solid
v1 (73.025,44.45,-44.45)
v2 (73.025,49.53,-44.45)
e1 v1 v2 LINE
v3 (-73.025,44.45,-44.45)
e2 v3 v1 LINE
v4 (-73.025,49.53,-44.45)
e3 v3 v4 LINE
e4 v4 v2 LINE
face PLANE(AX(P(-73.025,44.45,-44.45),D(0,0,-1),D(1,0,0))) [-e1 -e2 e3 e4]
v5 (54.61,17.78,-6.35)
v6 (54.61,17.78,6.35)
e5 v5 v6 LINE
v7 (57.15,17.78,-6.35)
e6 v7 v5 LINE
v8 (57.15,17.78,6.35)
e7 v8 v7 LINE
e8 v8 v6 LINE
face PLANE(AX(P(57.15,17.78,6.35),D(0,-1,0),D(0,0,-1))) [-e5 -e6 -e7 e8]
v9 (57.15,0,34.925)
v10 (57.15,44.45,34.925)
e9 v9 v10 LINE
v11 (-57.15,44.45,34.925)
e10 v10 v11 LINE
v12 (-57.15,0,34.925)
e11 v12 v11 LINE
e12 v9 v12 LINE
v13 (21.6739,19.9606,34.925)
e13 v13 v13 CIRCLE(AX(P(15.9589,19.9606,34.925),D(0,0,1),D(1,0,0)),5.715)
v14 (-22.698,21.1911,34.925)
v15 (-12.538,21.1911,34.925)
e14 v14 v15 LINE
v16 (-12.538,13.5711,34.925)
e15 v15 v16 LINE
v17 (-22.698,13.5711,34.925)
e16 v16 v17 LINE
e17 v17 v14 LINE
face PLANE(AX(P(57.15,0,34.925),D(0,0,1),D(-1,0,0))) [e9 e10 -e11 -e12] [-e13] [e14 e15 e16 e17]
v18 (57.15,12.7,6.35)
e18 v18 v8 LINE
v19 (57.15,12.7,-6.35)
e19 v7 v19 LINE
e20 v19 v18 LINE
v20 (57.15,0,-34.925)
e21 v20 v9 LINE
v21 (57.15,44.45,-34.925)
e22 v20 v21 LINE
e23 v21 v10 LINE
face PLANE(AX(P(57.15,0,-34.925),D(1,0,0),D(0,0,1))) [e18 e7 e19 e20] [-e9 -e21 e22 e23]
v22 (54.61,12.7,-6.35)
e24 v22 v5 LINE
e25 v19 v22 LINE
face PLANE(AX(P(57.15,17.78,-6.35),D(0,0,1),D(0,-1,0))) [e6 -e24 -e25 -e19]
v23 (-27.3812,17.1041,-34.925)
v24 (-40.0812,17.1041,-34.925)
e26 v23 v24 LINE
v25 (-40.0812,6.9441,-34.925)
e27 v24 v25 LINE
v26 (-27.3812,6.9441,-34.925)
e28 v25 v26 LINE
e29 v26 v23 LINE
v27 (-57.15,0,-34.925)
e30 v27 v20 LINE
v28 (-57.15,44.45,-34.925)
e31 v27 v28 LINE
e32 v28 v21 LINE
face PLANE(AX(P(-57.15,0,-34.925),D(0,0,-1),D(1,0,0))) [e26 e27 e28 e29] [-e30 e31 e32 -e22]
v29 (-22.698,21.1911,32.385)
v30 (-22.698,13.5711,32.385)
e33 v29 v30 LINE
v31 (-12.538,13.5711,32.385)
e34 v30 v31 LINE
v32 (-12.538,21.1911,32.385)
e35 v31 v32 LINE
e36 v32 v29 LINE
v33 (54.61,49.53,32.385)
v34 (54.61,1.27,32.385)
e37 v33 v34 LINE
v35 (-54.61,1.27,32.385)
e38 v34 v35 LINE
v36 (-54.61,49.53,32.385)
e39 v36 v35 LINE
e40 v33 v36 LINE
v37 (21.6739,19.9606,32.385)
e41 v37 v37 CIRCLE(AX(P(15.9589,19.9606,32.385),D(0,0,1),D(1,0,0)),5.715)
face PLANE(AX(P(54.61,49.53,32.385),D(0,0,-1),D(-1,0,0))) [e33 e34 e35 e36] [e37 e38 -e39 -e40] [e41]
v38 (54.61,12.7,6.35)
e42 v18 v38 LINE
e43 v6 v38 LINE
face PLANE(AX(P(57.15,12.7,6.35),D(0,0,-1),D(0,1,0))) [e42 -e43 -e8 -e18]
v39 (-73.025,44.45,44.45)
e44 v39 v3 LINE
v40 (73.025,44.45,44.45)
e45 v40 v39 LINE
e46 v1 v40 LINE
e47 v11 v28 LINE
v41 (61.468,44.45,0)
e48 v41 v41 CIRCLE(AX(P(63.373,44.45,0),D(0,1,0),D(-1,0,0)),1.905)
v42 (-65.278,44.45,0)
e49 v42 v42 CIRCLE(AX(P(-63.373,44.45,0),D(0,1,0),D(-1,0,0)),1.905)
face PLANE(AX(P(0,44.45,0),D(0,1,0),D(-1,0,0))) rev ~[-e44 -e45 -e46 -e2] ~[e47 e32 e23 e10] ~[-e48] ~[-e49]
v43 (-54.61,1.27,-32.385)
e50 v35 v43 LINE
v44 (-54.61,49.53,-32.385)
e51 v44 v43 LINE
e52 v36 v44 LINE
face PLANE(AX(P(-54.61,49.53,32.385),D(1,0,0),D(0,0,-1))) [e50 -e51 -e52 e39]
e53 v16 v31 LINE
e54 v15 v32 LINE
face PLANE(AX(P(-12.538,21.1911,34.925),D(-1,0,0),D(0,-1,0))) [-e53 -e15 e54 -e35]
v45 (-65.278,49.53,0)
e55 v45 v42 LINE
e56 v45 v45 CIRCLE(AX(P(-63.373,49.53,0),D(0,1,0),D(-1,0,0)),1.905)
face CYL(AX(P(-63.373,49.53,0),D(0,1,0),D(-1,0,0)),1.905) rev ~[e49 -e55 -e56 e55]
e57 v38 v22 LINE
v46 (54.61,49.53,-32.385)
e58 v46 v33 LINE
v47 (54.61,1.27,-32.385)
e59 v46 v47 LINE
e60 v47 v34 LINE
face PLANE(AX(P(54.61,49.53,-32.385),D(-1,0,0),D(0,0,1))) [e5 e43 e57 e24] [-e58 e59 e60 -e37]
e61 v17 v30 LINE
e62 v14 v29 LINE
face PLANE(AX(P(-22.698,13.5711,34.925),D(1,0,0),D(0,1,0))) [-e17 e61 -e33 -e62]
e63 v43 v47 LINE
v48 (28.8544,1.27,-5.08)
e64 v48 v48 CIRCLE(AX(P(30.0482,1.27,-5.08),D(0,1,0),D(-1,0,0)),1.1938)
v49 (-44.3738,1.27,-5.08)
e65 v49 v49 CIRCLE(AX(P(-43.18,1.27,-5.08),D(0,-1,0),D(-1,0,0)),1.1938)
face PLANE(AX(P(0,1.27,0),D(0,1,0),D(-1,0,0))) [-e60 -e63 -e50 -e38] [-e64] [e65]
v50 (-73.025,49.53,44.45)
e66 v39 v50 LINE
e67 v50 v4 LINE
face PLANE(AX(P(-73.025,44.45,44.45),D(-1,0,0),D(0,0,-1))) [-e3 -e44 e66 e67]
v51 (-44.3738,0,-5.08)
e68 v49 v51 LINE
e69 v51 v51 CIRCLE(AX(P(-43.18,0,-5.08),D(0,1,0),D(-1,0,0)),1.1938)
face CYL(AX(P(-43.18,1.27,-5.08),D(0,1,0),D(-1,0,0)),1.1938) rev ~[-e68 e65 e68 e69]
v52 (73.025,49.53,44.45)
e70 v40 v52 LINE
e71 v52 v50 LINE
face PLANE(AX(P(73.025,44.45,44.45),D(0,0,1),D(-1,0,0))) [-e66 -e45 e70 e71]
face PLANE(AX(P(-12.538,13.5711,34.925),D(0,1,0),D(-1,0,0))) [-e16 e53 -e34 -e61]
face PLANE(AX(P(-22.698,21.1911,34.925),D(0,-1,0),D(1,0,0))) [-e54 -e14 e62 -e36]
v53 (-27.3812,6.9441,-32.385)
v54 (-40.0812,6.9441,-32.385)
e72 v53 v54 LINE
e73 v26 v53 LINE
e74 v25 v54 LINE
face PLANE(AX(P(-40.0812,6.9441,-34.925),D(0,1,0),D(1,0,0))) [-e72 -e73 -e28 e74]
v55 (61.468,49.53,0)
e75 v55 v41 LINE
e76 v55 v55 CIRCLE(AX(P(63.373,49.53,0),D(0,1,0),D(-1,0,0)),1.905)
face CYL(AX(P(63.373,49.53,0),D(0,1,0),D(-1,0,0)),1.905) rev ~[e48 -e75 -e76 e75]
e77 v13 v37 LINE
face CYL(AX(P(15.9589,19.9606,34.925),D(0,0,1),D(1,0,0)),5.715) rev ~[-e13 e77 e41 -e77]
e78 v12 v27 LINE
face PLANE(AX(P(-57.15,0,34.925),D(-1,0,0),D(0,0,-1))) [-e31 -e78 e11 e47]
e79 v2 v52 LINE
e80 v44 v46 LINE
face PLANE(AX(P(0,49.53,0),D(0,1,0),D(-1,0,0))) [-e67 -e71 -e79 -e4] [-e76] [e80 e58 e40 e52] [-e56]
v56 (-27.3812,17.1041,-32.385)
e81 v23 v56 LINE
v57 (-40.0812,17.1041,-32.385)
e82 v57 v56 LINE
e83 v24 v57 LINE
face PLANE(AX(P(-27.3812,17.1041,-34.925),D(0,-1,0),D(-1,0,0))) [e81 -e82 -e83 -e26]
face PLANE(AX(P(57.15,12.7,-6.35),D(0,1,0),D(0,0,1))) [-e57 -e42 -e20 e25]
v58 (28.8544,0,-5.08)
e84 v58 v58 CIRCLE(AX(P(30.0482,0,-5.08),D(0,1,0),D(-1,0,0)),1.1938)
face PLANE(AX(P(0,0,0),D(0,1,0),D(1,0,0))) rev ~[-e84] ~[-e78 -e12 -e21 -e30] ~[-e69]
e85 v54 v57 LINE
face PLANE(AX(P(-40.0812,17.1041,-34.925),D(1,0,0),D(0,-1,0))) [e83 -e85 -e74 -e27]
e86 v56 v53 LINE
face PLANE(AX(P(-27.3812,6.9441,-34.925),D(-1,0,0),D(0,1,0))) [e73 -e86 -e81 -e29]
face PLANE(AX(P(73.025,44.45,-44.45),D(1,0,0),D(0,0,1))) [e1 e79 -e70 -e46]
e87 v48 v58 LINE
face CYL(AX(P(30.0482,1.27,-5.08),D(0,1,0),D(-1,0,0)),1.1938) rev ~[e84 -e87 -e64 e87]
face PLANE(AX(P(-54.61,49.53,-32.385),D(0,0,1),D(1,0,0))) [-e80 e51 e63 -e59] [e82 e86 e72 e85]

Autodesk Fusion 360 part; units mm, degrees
sketch "Sketch1" plane through (0, 0, 0) normal (0, 1, 0) x (1, 0, 0)
  line L0 (57.15, -34.925) -> (-57.15, -34.925)
  line L1 (-57.15, -34.925) -> (-57.15, 34.925)
  line L2 (-57.15, 34.925) -> (57.15, 34.925)
  line L3 (57.15, 34.925) -> (57.15, -34.925)
  line L4 (57.15, -34.925) -> (-57.15, 34.925) construction
  line L5 (-57.15, -34.925) -> (57.15, 34.925) construction
  dimension "d1" = 114.3
  dimension "d2" = 69.85
extrude "Extrude1" add sketch "Sketch1" along normal blind 44.45
sketch "Sketch10" plane through (0, 44.45, 0) normal (0, 1, 0) x (-1, 0, 0)
  line L0 (-57.15, -34.925) -> (57.15, -34.925)
  line L1 (57.15, -34.925) -> (57.15, 34.925)
  line L2 (57.15, 34.925) -> (-57.15, 34.925)
  line L3 (-57.15, 34.925) -> (-57.15, -34.925)
  line L4 (-73.025, 44.45) -> (73.025, 44.45)
  line L5 (73.025, 44.45) -> (73.025, -44.45)
  line L6 (73.025, -44.45) -> (-73.025, -44.45)
  line L7 (-73.025, -44.45) -> (-73.025, 44.45)
  line L8 (-73.025, 44.45) -> (73.025, -44.45) construction
  line L9 (73.025, 44.45) -> (-73.025, -44.45) construction
  dimension "d55" = 146.05
  dimension "d56" = 88.9
extrude "Extrude14" add sketch "Sketch10" along normal blind 5.08 contours L0 L1 L2 L3 | L4 L5 L6 L7
sketch "Sketch11" plane through (0, 49.53, 0) normal (0, 1, 0) x (-1, 0, 0)
  line L0 (-73.025, -44.45) -> (73.025, -44.45)
  line L1 (73.025, -44.45) -> (73.025, 44.45)
  line L2 (73.025, 44.45) -> (-73.025, 44.45)
  line L3 (-73.025, 44.45) -> (-73.025, -44.45)
  line L4 (57.15, -34.925) -> (-57.15, -34.925)
  line L5 (-57.15, -34.925) -> (-57.15, 34.925)
  line L6 (-57.15, 34.925) -> (57.15, 34.925)
  line L7 (57.15, 34.925) -> (57.15, -34.925)
  line L8 (63.5, -38.1) -> (-63.5, -38.1)
  line L9 (-63.5, -38.1) -> (-63.5, 38.1)
  line L10 (-63.5, 38.1) -> (63.5, 38.1)
  line L11 (63.5, 38.1) -> (63.5, -38.1)
  line L12 (63.5, -38.1) -> (-63.5, 38.1) construction
  line L13 (-63.5, -38.1) -> (63.5, 38.1) construction
  dimension "d61" = 127
  dimension "d62" = 76.2
sketch "Sketch27" plane through (0, 49.53, 0) normal (0, 1, 0) x (-1, 0, 0)
  line L0 (-73.025, -44.45) -> (73.025, -44.45)
  line L1 (73.025, -44.45) -> (73.025, 44.45)
  line L2 (73.025, 44.45) -> (-73.025, 44.45)
  line L3 (-73.025, 44.45) -> (-73.025, -44.45)
  line L4 (57.15, -34.925) -> (-57.15, -34.925)
  line L5 (-57.15, -34.925) -> (-57.15, 34.925)
  line L6 (-57.15, 34.925) -> (57.15, 34.925)
  line L7 (57.15, 34.925) -> (57.15, -34.925)
  line L8 (-54.61, 32.385) -> (54.61, 32.385)
  line L9 (54.61, 32.385) -> (54.61, -32.385)
  line L10 (54.61, -32.385) -> (-54.61, -32.385)
  line L11 (-54.61, -32.385) -> (-54.61, 32.385)
  dimension "d89" = 2.54
extrude "Extrude22" cut sketch "Sketch27" against normal blind 48.26 contours L8 L9 L10 L11
sketch "Sketch28" plane through (0, 49.53, 0) normal (0, 1, 0) x (-1, 0, 0)
  line L0 (54.61, 32.385) -> (54.61, -32.385)
  line L1 (54.61, -32.385) -> (-54.61, -32.385)
  line L2 (-54.61, -32.385) -> (-54.61, 32.385)
  line L3 (-54.61, 32.385) -> (54.61, 32.385)
  line L4 (-73.025, -44.45) -> (73.025, -44.45)
  line L5 (73.025, -44.45) -> (73.025, 44.45)
  line L6 (73.025, 44.45) -> (-73.025, 44.45)
  line L7 (-73.025, 44.45) -> (-73.025, -44.45)
  circle A0 centre (63.373, 0) radius 1.905
  line L8 (0, 0) -> (0, 7.62)
  circle A1 centre (-63.373, 0) radius 1.905
  dimension "d92" = 3.81
  dimension "d93" = 9.652
extrude "Extrude23" cut sketch "Sketch28" against normal blind 38.1 contours A0 | A1
sketch "Sketch29" plane through (0, 0, 34.925) normal (0, 0, 1) x (1, 0, 0)
  line L0 (-57.15, 0) -> (57.15, 0)
  line L1 (57.15, 0) -> (57.15, 44.45)
  line L2 (57.15, 44.45) -> (-57.15, 44.45)
  line L3 (-57.15, 44.45) -> (-57.15, 0)
  line L4 (-22.698, 21.1911) -> (-12.538, 21.1911)
  line L5 (-12.538, 21.1911) -> (-12.538, 13.5711)
  line L6 (-12.538, 13.5711) -> (-22.698, 13.5711)
  line L7 (-22.698, 13.5711) -> (-22.698, 21.1911)
  circle A0 centre (15.9589, 19.9606) radius 5.715
  dimension "d96" = 10.16
  dimension "d97" = 7.62
  dimension "d98" = 11.43
sketch "Sketch30" plane through (0, 0, -34.925) normal (0, 0, -1) x (-1, 0, 0)
  line L0 (-57.15, 0) -> (57.15, 0)
  line L1 (57.15, 0) -> (57.15, 44.45)
  line L2 (57.15, 44.45) -> (-57.15, 44.45)
  line L3 (-57.15, 44.45) -> (-57.15, 0)
  line L4 (40.0812, 6.9441) -> (27.3812, 6.9441)
  line L5 (27.3812, 6.9441) -> (27.3812, 17.1041)
  line L6 (27.3812, 17.1041) -> (40.0812, 17.1041)
  line L7 (40.0812, 17.1041) -> (40.0812, 6.9441)
  dimension "d114" = 12.7
  dimension "d115" = 10.16
sketch "Sketch31" plane through (57.15, 0, 0) normal (1, 0, 0) x (0, 0, -1)
  line L0 (-34.925, 0) -> (34.925, 0)
  line L1 (34.925, 0) -> (34.925, 44.45)
  line L2 (34.925, 44.45) -> (-34.925, 44.45)
  line L3 (-34.925, 44.45) -> (-34.925, 0)
  line L4 (6.35, 12.7) -> (-6.35, 12.7)
  line L5 (-6.35, 12.7) -> (-6.35, 17.78)
  line L6 (-6.35, 17.78) -> (6.35, 17.78)
  line L7 (6.35, 17.78) -> (6.35, 12.7)
  line L8 (6.35, 12.7) -> (-6.35, 17.78) construction
  line L9 (-6.35, 12.7) -> (6.35, 17.78) construction
  point P0 (0, 15.24)
  dimension "d101" = 12.7
  dimension "d102" = 5.08
extrude "Extrude24" cut sketch "Sketch29" against normal blind 40.64 contours L4 L5 L6 L7 | A0
extrude "Extrude25" cut sketch "Sketch30" against normal blind 33.02 contours L4 L5 L6 L7
extrude "Extrude26" cut sketch "Sketch31" against normal blind 33.02 contours L4 L5 L6 L7
sketch "Sketch32" plane through (0, 1.27, 0) normal (0, 1, 0) x (-1, 0, 0)
  line L0 (-54.61, -32.385) -> (54.61, -32.385)
  line L1 (54.61, -32.385) -> (54.61, 32.385)
  line L2 (54.61, 32.385) -> (-54.61, 32.385)
  line L3 (-54.61, 32.385) -> (-54.61, -32.385)
  circle A0 centre (43.18, -5.08) radius 1.1938
  line L4 (43.18, -5.08) -> (-30.0482, -5.08)
  circle A1 centre (-30.0482, -5.08) radius 1.1938
  dimension "d109" = 2.3876
  dimension "d110" = 73.2282
  dimension "d111" = 2.3876
extrude "Extrude27" cut sketch "Sketch32" against normal blind 10.16 contours A0 | A1
